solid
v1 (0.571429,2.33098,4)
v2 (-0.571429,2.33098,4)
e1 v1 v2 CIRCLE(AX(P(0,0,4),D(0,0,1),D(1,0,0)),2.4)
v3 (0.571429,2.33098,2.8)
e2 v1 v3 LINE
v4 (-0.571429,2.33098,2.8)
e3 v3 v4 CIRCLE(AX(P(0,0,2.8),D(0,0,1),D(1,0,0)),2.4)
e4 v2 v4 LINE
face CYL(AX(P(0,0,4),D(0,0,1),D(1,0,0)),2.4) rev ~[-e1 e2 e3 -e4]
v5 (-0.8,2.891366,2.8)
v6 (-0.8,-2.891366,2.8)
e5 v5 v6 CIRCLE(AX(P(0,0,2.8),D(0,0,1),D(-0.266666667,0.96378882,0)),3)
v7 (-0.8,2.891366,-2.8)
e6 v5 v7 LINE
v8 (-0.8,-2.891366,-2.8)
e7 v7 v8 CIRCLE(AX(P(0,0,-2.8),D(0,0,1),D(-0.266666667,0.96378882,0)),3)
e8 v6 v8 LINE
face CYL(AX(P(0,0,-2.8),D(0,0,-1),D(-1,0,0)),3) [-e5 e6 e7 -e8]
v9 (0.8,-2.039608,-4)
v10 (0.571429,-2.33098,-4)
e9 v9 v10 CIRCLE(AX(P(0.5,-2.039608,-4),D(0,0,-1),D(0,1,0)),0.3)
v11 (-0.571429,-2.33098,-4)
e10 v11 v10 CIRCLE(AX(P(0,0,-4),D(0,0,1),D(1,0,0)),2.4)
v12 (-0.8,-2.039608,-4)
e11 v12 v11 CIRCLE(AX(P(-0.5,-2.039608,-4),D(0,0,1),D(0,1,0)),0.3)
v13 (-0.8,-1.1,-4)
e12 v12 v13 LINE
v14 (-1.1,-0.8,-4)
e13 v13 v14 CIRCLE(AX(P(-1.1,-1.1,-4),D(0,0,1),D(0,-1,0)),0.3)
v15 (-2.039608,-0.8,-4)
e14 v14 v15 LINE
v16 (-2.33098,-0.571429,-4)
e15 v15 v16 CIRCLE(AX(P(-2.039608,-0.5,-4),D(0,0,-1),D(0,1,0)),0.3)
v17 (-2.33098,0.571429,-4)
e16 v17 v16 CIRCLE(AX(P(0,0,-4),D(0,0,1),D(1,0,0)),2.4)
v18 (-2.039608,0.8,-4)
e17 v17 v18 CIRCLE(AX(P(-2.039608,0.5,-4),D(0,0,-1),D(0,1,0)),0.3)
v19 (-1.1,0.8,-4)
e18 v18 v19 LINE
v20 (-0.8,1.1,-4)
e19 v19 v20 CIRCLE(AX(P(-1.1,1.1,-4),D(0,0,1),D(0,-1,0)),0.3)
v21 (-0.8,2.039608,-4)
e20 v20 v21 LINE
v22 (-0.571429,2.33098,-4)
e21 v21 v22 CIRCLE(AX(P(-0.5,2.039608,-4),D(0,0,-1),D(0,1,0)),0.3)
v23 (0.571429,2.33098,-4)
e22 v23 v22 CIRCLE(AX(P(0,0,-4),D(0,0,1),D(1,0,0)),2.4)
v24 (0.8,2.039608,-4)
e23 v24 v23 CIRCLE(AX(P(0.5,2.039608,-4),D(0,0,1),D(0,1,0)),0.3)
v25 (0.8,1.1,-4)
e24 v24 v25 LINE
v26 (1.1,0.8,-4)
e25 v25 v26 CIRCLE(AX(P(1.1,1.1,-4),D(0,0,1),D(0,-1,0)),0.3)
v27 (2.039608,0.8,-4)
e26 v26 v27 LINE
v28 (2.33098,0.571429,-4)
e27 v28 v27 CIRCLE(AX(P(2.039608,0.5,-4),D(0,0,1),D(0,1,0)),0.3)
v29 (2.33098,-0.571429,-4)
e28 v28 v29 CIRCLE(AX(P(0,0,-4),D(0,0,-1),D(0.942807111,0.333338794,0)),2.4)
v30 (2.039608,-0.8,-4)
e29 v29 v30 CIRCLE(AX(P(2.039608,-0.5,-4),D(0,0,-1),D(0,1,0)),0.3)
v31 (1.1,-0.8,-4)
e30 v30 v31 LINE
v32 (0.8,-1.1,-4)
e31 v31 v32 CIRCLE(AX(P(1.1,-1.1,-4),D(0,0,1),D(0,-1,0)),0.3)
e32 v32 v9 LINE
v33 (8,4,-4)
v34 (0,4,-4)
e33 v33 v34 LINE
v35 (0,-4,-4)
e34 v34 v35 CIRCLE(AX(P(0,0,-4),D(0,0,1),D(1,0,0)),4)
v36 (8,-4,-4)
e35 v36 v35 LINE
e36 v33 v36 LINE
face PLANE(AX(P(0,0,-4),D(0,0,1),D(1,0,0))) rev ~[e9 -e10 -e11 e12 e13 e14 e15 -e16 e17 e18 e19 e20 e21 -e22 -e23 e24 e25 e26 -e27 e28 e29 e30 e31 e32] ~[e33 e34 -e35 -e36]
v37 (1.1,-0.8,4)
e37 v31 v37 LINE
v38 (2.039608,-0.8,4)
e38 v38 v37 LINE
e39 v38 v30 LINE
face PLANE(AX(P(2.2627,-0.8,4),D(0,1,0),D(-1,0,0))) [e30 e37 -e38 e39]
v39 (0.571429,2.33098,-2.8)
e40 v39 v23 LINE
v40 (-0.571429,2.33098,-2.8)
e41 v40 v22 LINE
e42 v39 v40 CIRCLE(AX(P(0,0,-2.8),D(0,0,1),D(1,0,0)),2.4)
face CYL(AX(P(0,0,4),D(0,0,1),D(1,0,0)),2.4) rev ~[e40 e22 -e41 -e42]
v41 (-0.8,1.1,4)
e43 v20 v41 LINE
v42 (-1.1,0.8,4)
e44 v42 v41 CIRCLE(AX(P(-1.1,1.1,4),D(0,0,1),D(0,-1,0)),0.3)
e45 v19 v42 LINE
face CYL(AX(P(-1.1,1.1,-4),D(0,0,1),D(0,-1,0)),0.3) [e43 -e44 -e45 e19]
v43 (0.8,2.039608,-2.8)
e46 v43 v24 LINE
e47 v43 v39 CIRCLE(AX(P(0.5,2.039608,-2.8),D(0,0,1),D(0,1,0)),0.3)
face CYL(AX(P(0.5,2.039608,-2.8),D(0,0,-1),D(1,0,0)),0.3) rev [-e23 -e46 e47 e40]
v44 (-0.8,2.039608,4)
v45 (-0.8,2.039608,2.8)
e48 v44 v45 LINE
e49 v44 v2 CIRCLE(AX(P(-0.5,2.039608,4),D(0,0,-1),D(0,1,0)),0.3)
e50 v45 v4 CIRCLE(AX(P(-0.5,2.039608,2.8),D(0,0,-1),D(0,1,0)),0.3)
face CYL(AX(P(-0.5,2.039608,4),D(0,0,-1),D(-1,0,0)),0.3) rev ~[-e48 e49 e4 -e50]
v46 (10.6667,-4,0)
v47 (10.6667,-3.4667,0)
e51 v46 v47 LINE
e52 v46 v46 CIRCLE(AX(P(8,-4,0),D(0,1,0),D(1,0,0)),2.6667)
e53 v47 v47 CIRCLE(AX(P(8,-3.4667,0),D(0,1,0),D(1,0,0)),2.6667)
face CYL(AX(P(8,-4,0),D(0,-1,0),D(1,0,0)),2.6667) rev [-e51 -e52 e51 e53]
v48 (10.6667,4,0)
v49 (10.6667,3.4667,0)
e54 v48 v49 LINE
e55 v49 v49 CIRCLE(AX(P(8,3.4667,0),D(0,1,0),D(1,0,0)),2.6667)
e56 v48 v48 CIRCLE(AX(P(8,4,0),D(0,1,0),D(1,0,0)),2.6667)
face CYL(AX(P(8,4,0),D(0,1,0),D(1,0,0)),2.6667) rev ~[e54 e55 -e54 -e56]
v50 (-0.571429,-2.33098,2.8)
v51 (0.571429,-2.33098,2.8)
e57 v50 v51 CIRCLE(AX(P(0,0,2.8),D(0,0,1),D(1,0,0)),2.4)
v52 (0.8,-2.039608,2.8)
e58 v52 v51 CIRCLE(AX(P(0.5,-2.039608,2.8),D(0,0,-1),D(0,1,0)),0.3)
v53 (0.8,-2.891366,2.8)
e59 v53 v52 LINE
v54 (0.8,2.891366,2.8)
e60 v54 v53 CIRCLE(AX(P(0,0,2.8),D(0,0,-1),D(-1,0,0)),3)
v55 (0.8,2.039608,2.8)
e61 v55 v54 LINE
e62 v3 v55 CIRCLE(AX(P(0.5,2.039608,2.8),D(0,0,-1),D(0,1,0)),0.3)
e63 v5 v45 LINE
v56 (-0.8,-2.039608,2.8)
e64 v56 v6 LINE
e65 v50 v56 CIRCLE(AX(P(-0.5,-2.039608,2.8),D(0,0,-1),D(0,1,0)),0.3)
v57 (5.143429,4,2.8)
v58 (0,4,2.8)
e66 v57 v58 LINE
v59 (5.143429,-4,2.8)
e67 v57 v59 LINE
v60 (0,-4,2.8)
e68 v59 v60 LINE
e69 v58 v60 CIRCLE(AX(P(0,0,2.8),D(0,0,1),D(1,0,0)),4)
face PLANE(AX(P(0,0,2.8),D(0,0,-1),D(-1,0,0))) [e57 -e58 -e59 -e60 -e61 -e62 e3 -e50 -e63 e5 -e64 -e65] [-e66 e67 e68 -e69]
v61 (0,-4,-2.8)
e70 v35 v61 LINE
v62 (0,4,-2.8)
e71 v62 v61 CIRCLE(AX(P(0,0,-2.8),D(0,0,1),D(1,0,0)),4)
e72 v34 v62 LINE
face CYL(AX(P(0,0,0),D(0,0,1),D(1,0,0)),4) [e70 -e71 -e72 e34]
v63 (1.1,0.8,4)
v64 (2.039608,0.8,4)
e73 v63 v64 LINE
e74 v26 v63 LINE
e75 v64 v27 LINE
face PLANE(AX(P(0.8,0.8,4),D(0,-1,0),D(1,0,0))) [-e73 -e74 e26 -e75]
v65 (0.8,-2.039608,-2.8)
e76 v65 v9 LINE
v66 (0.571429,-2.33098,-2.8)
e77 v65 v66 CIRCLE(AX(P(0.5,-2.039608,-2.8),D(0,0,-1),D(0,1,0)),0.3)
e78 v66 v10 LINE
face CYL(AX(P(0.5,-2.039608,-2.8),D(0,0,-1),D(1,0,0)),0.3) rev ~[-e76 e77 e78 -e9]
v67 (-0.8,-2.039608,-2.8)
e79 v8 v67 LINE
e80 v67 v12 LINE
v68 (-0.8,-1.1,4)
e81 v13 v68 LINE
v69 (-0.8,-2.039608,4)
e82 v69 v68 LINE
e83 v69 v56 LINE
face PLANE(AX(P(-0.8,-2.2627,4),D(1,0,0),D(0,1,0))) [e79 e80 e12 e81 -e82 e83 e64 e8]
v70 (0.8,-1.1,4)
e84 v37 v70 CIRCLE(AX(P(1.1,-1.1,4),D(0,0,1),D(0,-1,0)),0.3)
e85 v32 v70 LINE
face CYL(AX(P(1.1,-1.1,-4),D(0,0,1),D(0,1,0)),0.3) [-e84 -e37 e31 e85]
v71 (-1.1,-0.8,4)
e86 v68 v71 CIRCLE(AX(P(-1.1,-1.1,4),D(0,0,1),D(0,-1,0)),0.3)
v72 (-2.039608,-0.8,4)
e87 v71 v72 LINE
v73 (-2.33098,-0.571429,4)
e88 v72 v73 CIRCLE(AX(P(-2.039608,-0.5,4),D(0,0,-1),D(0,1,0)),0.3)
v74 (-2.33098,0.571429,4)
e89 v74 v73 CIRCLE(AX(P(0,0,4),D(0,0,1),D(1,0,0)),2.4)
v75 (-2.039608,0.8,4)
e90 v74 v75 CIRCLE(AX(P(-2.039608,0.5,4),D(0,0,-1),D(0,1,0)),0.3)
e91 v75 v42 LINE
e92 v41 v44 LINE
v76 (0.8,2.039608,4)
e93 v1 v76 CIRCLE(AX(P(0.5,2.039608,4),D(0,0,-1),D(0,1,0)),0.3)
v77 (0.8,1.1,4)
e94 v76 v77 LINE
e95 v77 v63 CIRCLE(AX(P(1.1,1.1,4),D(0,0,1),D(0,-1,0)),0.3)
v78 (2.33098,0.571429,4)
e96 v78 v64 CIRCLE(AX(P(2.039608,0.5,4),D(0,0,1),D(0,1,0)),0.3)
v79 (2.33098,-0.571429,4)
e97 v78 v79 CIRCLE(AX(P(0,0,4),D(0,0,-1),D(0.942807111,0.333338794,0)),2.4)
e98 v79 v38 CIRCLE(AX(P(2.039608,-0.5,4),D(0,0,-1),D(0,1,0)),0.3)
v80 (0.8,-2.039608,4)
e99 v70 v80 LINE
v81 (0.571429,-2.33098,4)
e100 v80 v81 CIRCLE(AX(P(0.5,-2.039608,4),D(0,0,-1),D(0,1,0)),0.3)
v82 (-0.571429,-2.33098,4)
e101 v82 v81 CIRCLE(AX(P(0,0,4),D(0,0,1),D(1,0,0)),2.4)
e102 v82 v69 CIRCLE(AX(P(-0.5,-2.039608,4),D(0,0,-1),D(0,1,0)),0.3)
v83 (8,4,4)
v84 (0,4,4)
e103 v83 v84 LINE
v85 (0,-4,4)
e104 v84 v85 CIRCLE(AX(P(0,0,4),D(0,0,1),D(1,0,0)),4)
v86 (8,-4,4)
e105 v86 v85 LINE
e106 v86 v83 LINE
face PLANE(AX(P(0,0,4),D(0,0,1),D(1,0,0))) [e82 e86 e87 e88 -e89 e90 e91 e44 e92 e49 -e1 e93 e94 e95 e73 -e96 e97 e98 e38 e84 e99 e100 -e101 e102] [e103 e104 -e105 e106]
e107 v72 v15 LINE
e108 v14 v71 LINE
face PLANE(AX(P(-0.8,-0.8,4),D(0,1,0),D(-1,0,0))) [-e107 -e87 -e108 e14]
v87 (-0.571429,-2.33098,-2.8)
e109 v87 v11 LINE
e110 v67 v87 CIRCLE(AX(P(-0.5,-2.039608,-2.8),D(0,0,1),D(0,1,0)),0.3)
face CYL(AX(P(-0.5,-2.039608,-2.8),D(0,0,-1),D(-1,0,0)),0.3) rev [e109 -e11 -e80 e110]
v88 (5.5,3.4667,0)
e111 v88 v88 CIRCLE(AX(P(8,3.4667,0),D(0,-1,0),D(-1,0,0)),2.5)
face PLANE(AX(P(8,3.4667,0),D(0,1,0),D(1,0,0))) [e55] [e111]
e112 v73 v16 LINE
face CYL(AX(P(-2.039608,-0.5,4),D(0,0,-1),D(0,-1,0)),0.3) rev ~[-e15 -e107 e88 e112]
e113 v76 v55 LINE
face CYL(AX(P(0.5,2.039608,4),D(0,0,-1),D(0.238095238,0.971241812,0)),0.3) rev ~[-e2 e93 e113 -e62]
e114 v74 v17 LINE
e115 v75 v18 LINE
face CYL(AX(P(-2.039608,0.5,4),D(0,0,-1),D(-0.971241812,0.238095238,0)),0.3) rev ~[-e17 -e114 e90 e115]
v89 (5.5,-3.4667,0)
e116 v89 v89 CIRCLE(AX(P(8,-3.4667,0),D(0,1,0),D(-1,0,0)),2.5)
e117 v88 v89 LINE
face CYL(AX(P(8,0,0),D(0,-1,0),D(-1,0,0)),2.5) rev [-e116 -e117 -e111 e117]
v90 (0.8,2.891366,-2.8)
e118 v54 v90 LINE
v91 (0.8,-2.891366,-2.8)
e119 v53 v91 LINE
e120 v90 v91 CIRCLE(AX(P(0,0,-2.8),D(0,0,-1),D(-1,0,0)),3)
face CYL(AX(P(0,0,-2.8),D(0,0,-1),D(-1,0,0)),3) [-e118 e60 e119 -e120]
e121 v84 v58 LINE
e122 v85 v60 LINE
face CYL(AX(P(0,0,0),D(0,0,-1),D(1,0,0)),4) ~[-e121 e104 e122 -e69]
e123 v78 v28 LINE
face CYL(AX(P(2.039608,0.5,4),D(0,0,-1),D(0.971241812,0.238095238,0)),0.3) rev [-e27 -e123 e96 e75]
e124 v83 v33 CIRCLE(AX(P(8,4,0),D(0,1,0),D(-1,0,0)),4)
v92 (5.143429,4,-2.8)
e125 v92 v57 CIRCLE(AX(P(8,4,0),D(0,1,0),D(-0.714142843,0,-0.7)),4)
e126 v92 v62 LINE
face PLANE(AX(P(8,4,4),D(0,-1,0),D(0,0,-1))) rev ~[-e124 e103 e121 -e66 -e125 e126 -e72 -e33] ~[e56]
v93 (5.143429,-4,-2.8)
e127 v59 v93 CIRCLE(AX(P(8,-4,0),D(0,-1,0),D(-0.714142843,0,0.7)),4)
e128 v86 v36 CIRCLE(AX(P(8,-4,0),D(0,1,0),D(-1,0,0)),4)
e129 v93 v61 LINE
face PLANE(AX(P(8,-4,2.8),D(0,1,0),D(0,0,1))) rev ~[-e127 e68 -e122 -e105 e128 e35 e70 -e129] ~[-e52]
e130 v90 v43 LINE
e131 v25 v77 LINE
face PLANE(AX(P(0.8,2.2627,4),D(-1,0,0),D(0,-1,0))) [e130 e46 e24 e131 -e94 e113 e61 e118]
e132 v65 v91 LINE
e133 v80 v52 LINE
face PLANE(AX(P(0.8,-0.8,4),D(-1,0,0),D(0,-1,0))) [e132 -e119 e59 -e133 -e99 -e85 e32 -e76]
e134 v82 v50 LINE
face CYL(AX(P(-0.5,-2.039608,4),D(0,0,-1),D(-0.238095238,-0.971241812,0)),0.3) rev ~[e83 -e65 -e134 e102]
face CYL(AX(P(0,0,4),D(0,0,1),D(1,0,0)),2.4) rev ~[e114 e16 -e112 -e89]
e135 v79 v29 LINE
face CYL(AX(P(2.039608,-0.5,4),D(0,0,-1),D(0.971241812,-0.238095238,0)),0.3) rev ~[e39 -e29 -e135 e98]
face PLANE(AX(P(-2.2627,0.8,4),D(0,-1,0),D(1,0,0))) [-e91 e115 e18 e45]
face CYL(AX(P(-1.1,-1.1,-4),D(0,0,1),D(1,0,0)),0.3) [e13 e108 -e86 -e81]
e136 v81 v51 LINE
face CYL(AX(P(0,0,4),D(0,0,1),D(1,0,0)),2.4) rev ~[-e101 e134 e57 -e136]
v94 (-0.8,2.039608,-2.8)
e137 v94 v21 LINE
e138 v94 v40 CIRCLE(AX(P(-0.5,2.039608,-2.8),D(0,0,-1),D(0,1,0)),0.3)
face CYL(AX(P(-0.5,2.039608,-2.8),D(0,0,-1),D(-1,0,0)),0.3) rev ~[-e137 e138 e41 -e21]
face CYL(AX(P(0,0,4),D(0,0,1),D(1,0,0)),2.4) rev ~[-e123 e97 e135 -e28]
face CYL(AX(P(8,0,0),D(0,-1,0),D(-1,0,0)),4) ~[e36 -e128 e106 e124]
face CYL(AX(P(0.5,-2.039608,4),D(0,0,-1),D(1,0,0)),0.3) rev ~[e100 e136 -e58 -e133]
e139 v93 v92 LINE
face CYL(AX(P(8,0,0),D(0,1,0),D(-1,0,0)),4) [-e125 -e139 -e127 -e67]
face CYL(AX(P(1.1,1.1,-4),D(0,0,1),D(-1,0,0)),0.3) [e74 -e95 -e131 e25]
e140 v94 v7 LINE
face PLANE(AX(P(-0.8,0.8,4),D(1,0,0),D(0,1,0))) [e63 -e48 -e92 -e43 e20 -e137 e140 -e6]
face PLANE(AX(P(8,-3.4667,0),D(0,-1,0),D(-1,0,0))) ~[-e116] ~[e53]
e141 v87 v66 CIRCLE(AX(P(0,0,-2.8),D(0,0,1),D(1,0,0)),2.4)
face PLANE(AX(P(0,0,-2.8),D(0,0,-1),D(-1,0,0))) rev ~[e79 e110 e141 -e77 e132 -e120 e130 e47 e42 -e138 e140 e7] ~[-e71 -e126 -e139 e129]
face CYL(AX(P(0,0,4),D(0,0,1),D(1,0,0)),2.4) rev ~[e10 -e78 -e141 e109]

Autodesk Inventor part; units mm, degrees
ref_plane "XZ Plane" through (0, 0, 0) normal (0, 1, 0) x (-1, 0, 0)
sketch "Sketch1" plane through (0, 0, 0) normal (0, 0, 1) x (1, 0, 0)
  circle A0 centre (0, 0) radius 4
  dimension "d0" = 8
extrude "Extrusion1" add sketch "Sketch1" along normal mid plane 8
sketch "Sketch2" plane through (0, 0, 4) normal (0, 0, 1) x (1, 0, 0)
  circle A0 centre (0, 0) radius 2.4
  line L0 (-2.2627, 0.8) -> (-0.8, 0.8)
  line L1 (-0.8, 0.8) -> (-0.8, 2.2627)
  line L2 (0.8, 2.2627) -> (0.8, 0.8)
  line L3 (0.8, 0.8) -> (2.2627, 0.8)
  line L4 (2.2627, -0.8) -> (0.8, -0.8)
  line L5 (0.8, -0.8) -> (0.8, -2.2627)
  line L6 (-0.8, -2.2627) -> (-0.8, -0.8)
  line L7 (-0.8, -0.8) -> (-2.2627, -0.8)
  dimension "d3" = 4.8
  dimension "d4" = 1.6
extrude "Extrusion2" cut sketch "Sketch2" against normal through all contours A0 L4 L5 L6 L7 L0 L1 L2 L3
ref_plane "Work Plane1" through (0, 0, -2.8) normal (0, 0, -1) x (-1, 0, 0)
sketch "Sketch3" plane through (0, 0, -2.8) normal (0, 0, -1) x (-1, 0, 0)
  circle A0 centre (0, 0) radius 4 projected
  circle A1 centre (0, 0) radius 4 projected
  circle A2 centre (0, 0) radius 3
  dimension "d8" = 6
extrude "Extrusion3" cut sketch "Sketch3" against normal blind 5.6
sketch "Sketch5" plane through (0, 0, 0) normal (0, 1, 0) x (-1, 0, 0)
  line L0 (-0.8, 4) -> (-0.8, -4) projected
  line L1 (0.8, 4) -> (0.8, -4) projected
  line L2 (4, 2.8) -> (-4, 2.8) projected
  line L3 (-0.8, -2.8) -> (0.8, -2.8)
  line L4 (0.8, -2.8) -> (0.8, 2.8)
  line L5 (0.8, 2.8) -> (-0.8, 2.8)
  line L6 (-0.8, 2.8) -> (-0.8, -2.8)
  point P0 (0, 0)
  point P1 (-1.518, -3.6)
  point P2 (4, -2.8)
  point P3 (4, -2.8)
extrude "Extrusion5" cut sketch "Sketch5" along normal through all both and the other way through all
fillet "Fillet1" radius 0.3 16 edges at (-0.8, 0.8, 0) (-0.8, -0.8, 0) (0.8, -0.8, 0) (0.8, 0.8, 0) (-2.2627, -0.8, 0) (-2.2627, 0.8, 0) (-0.8, 2.2627, 3.4) (0.8, 2.2627, 3.4) (2.2627, 0.8, 0) (2.2627, -0.8, 0) (0.8, -2.2627, 3.4) (-0.8, -2.2627, 3.4) (0.8, 2.2627, -3.4) (-0.8, 2.2627, -3.4) (0.8, -2.2627, -3.4) (-0.8, -2.2627, -3.4)
sketch "Sketch6" plane through (0, 0, 0) normal (0, 1, 0) x (-1, 0, 0)
  circle A0 centre (-8, 0) radius 2.5
  circle A1 centre (-8, 0) radius 4
  line L0 (-4, 2.8) -> (-4, 4)
  line L1 (-4, -4) -> (-4, -2.8)
  line L2 (-8, 4) -> (-8, -4) construction
  point P0 (0, 0)
  dimension "d22" = 5
  dimension "d23" = 8
  dimension "d24" = 8
extrude "Extrusion6" add sketch "Sketch6" along normal mid plane 8
sketch "Sketch7" plane through (8, 4, 0) normal (0, 1, 0) x (1, 0, 0)
  circle A0 centre (0, 0) radius 2.5 projected
  circle A1 centre (0, 0) radius 4 projected
  circle A2 centre (0, 0) radius 2.6667
  point P0 (-8, 0)
  dimension "d27" = 5.3333
extrude "Extrusion7" cut sketch "Sketch7" against normal blind 0.5333 contours A2
mirror "Mirror1" about plane through (0, 0, 0) normal (0, 1, 0) of "Extrusion7"
ref_plane "Work Plane2" through (8, 0, 0) normal (1, 0, 0) x (0, 1, 0)
sketch "Sketch8" plane through (8, 0, 0) normal (1, 0, 0) x (0, 1, 0)
  line L0 (-4, -2.6667) -> (-4, 2.6667) projected
  line L1 (-4, -4) -> (-4, 4) projected
  line L2 (4, 2.6667) -> (4, -2.6667) projected
  line L3 (4, 4) -> (4, -4) projected
  line L4 (4, 4) -> (-4, 4)
  line L5 (-4, 4) -> (-4, 2.8)
  line L6 (-4, 2.8) -> (4, 2.8)
  line L7 (4, 2.8) -> (4, 4)
  line L8 (-4, -4) -> (4, -4)
  line L9 (4, -4) -> (4, -2.8)
  line L10 (4, -2.8) -> (-4, -2.8)
  line L11 (-4, -2.8) -> (-4, -4)
  dimension "d36" = 1.2
extrude "Extrusion8" add sketch "Sketch8" against normal up to surface contours L10 L3 L8 L1 | L1 L4 L3 L6
properties part number "6536" material "Steel"
